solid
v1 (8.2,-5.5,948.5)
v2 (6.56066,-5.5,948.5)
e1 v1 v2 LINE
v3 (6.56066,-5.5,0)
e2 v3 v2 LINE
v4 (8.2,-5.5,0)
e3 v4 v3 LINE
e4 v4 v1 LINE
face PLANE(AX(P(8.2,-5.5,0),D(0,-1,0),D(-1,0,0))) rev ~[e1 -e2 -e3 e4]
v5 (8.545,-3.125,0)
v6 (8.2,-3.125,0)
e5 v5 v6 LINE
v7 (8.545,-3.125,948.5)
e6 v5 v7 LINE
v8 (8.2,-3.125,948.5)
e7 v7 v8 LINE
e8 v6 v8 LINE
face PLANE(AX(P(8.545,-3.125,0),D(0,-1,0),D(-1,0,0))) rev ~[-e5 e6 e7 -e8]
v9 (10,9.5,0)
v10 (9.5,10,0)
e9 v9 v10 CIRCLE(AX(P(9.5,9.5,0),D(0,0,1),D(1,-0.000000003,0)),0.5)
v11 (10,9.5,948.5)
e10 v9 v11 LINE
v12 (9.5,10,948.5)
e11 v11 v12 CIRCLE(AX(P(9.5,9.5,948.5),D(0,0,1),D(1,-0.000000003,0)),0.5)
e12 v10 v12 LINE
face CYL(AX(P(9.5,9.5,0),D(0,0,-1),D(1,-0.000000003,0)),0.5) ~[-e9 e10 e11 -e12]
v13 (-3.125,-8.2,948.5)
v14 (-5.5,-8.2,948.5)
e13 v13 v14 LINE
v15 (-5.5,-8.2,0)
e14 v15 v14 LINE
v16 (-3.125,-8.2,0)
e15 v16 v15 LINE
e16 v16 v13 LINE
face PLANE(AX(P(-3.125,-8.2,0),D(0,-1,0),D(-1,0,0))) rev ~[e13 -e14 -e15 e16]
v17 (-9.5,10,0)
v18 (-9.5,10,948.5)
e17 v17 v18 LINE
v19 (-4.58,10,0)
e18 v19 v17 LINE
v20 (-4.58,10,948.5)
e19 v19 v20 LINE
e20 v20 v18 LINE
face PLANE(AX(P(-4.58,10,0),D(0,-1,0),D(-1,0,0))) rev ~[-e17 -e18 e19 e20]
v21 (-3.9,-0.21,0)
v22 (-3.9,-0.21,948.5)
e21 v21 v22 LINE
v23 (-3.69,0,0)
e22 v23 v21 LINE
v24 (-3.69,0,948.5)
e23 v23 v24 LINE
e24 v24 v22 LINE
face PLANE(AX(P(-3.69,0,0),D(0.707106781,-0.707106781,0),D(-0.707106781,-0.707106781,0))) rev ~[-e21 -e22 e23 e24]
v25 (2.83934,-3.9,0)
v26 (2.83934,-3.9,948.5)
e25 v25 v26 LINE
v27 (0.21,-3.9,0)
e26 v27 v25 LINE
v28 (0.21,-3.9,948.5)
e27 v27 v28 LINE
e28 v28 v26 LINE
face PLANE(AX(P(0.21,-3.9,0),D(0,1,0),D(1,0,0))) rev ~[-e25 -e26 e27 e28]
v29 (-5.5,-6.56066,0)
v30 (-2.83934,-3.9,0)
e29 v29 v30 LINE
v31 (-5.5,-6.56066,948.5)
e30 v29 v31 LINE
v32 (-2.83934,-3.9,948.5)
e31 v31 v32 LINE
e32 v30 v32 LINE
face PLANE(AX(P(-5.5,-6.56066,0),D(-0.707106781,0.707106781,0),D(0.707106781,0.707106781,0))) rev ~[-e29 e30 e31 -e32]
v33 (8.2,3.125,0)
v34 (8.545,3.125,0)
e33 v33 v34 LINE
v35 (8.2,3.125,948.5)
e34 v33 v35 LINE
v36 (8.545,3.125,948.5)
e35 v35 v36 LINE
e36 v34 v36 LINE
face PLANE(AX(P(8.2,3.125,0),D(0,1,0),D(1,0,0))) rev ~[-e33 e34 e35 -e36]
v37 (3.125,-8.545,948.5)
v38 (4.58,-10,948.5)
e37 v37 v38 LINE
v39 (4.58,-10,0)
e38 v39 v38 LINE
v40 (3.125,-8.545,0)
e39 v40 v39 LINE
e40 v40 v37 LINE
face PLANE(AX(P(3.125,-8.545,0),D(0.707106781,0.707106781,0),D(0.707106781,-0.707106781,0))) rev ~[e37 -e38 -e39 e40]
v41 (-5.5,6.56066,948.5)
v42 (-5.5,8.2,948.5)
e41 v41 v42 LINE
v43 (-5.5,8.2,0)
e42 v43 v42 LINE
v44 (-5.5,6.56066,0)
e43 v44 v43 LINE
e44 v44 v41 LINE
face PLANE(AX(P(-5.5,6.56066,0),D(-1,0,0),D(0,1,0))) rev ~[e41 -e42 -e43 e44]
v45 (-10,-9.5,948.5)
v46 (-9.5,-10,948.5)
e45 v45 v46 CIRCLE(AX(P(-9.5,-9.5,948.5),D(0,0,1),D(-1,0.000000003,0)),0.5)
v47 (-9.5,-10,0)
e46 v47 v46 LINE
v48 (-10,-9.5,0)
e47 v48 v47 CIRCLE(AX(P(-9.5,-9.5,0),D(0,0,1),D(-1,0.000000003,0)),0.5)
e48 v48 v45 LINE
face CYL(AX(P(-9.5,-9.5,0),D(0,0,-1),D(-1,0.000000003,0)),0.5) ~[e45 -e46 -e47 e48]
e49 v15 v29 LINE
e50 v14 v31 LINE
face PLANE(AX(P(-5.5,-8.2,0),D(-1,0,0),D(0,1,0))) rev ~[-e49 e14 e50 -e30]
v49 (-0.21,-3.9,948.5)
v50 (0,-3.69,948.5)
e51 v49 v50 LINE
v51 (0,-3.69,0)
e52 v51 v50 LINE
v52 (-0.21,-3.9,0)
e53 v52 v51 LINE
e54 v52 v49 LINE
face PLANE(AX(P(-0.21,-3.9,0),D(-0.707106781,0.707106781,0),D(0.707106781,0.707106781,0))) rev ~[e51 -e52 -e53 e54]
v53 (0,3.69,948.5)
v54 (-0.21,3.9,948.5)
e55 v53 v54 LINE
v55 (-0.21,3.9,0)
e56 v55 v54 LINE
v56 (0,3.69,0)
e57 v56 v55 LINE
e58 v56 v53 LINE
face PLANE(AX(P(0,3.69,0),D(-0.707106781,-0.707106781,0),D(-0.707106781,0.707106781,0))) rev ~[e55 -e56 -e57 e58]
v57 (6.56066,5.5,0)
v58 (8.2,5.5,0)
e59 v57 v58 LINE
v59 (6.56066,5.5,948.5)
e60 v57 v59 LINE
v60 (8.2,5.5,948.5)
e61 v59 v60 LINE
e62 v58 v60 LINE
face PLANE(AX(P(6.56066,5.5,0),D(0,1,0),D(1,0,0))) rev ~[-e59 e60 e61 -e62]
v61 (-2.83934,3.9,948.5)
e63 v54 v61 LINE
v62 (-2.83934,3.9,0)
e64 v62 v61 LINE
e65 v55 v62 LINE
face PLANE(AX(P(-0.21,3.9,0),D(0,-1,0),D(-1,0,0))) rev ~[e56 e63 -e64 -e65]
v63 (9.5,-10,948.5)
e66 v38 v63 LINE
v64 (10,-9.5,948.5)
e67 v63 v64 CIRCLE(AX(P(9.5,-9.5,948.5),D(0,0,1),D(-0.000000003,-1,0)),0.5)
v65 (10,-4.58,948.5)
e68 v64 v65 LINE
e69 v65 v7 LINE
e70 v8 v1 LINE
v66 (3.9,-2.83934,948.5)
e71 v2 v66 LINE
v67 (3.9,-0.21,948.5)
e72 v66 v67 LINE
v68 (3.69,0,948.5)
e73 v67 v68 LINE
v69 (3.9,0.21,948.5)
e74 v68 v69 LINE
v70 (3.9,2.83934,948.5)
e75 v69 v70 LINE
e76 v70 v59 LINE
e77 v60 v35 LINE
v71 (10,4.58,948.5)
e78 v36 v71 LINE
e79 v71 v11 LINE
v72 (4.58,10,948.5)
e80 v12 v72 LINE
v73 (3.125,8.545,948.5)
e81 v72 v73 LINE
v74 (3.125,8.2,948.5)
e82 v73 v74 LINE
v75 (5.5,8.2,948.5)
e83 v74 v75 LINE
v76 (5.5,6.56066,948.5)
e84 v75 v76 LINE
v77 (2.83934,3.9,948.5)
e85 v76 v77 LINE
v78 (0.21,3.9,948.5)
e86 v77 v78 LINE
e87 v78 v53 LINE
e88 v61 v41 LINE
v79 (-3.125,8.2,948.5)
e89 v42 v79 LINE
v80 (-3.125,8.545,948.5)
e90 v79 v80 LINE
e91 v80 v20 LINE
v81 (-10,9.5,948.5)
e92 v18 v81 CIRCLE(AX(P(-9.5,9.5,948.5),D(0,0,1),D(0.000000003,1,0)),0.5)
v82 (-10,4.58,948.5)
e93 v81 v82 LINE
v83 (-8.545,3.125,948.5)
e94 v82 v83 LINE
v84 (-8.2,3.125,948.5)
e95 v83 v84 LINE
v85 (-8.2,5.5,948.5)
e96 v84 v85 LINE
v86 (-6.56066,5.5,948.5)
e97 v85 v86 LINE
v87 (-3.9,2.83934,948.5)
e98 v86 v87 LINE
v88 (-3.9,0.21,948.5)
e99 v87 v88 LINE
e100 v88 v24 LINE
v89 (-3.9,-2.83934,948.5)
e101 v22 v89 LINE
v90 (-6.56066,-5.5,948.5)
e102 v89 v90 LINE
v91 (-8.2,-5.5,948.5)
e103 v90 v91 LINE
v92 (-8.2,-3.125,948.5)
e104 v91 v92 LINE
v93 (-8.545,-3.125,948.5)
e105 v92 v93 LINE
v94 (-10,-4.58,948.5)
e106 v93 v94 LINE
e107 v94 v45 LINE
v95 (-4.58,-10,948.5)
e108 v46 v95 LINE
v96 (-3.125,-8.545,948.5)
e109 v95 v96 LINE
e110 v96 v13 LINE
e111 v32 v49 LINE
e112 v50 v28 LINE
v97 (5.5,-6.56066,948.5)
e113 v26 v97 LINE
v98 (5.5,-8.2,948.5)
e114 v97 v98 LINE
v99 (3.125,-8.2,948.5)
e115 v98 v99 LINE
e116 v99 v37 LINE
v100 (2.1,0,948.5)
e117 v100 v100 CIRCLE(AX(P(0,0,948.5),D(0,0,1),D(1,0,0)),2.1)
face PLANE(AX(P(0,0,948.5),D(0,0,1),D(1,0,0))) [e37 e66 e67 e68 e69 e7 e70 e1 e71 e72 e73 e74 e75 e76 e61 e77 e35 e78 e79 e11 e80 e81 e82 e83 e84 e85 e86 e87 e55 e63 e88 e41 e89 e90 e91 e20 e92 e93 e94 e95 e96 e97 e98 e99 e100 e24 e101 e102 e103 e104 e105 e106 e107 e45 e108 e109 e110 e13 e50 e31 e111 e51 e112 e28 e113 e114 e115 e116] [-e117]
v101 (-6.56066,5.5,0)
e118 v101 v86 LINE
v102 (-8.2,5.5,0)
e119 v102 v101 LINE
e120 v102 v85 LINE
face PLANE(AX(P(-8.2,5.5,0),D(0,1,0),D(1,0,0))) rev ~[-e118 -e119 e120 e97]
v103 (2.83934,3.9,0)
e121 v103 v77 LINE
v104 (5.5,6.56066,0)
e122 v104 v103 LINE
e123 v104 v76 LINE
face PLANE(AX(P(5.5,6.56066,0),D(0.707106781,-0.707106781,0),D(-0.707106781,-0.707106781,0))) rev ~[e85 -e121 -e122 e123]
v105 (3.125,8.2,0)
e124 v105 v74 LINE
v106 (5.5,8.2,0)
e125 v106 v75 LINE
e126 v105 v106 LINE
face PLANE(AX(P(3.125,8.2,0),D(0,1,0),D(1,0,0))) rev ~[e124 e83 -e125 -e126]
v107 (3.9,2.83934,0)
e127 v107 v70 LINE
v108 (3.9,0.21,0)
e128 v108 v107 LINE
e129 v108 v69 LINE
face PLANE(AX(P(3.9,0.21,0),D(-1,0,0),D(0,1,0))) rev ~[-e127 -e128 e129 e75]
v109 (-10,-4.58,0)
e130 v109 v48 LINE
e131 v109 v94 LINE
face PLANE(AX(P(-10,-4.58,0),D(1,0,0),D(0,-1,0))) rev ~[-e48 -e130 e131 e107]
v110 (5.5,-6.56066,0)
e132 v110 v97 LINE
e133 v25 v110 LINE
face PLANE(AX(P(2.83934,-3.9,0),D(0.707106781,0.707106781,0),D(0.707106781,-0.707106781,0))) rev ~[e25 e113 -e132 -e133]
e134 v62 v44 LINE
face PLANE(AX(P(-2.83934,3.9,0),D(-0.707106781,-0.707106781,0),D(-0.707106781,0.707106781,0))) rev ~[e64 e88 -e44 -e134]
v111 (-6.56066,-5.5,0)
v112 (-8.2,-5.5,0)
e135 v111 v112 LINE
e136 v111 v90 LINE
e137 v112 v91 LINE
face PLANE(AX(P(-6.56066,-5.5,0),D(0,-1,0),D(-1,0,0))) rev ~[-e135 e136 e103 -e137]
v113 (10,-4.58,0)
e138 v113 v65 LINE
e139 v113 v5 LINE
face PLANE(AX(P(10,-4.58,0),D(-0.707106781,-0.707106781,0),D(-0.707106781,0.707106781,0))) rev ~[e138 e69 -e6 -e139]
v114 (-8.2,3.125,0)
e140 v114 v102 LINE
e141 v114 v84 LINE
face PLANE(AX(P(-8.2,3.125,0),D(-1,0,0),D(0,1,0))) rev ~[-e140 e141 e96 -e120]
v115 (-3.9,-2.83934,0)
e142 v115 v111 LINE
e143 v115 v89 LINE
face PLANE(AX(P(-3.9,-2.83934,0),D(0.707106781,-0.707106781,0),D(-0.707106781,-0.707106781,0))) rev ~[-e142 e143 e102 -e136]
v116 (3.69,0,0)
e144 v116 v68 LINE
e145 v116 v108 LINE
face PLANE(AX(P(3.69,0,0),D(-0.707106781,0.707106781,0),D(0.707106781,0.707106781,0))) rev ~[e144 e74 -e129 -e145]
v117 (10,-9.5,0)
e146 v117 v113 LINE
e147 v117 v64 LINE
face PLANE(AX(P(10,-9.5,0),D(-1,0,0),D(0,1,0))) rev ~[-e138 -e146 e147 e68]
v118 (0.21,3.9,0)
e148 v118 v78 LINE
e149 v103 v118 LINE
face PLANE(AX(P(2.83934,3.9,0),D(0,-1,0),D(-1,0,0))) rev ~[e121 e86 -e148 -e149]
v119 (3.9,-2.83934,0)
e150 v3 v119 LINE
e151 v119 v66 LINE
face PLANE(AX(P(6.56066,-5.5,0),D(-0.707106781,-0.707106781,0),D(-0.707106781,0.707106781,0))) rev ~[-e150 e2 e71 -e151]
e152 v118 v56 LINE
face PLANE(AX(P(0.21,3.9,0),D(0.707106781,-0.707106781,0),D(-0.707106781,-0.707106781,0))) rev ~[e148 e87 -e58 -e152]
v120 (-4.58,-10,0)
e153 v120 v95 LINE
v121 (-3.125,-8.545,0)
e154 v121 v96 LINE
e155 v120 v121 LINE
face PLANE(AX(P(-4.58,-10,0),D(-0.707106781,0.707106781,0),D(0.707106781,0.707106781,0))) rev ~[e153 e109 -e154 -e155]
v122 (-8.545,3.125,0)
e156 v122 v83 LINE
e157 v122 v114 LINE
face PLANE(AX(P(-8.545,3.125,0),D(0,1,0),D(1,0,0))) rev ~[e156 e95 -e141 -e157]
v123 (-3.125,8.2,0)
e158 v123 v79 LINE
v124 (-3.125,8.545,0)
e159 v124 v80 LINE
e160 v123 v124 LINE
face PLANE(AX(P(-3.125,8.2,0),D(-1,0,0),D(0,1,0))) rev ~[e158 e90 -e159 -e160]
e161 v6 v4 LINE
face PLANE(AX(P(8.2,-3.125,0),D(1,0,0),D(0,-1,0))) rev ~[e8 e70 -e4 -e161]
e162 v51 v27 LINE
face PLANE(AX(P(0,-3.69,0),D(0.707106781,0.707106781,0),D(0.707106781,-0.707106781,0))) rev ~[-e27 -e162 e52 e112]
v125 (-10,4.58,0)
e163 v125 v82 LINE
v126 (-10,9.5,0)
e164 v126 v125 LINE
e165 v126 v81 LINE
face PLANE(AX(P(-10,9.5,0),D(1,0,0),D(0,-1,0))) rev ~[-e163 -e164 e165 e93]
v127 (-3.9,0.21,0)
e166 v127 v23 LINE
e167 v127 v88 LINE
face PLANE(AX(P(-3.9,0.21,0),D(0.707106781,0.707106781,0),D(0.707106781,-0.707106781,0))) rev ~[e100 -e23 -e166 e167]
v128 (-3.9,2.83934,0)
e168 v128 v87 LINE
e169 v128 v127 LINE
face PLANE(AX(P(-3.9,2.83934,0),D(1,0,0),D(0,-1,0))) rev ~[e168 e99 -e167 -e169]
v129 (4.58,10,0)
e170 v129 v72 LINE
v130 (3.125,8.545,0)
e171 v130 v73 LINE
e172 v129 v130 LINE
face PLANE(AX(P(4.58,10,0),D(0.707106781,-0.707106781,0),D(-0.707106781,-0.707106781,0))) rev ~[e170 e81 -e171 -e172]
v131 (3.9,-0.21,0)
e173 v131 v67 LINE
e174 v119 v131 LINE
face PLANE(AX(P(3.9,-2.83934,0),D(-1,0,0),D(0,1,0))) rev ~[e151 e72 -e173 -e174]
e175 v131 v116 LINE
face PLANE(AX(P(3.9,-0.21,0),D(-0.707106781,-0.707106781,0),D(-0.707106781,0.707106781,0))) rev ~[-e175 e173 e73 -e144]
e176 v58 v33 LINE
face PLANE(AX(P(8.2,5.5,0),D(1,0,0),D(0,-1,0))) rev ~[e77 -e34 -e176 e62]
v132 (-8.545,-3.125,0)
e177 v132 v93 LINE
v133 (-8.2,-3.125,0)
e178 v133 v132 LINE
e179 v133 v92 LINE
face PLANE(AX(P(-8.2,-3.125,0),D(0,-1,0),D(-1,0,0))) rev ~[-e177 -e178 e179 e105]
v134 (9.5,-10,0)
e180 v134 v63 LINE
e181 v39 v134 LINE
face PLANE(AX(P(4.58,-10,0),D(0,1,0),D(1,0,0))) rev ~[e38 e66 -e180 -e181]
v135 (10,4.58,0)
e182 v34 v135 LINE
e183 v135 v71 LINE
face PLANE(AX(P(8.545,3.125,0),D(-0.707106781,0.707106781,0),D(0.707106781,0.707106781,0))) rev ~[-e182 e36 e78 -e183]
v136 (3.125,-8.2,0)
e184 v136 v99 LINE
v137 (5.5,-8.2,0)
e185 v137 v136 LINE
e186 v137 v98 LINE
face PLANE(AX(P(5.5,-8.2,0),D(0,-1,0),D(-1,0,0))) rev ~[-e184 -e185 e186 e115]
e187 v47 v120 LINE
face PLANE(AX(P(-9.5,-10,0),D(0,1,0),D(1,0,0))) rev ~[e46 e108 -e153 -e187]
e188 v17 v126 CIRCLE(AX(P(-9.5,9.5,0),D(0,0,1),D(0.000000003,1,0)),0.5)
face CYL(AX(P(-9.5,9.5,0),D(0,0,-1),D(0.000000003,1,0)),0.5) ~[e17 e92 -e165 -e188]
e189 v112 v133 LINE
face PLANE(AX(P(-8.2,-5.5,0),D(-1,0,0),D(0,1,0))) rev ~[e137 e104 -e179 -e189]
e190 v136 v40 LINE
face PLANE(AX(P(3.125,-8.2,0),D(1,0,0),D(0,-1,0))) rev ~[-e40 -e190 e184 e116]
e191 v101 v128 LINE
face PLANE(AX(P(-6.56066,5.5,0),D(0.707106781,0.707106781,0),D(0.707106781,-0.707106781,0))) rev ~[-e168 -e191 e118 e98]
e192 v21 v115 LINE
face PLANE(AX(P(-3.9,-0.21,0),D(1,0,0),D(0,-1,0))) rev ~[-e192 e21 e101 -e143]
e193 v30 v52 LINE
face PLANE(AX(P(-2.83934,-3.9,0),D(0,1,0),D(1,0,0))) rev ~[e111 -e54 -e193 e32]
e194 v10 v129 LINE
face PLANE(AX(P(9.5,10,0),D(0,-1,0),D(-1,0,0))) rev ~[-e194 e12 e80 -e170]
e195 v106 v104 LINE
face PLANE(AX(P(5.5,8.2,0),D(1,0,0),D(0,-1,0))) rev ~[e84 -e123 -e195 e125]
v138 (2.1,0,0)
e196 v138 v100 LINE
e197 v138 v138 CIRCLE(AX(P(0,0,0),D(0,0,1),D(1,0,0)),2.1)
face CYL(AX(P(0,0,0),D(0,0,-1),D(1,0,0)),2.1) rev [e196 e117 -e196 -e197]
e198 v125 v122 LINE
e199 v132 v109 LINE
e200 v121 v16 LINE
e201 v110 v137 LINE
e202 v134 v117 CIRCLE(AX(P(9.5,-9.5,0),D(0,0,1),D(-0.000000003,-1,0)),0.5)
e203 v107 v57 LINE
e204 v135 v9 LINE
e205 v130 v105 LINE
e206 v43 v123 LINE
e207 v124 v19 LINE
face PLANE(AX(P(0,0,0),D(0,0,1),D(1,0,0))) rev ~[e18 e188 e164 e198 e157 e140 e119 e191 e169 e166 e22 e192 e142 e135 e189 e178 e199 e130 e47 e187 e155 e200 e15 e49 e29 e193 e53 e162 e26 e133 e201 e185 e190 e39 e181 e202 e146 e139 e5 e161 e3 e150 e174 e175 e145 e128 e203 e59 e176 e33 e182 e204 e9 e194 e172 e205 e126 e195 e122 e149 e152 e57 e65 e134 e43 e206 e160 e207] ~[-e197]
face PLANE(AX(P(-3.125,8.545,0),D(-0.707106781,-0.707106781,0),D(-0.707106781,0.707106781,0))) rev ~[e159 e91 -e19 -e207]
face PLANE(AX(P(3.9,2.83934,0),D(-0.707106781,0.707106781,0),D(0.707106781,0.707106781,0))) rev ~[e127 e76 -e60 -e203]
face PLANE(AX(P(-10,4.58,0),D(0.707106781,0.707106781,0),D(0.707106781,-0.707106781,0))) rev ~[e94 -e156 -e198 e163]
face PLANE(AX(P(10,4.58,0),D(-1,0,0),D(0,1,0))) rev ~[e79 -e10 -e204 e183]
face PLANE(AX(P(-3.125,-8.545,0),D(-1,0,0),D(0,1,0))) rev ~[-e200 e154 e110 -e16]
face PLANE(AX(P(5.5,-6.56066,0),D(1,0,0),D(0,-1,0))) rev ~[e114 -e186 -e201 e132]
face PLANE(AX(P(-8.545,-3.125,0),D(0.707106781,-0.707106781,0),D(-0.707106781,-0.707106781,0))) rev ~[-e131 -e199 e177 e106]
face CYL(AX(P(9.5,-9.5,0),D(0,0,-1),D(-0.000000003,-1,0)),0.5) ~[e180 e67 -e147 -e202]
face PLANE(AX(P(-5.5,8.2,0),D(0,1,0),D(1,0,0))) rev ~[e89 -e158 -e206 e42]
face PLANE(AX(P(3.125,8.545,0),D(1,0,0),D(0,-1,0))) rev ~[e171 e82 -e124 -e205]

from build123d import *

# Parameters (mm, degrees)
SKETCH1_R           = 2.1
BOSS_EXTRUDE1_DEPTH = 948.5


with BuildPart() as part:
    # Sketch1 → Boss-Extrude1 (new body)
    with BuildSketch(Plane.XY):
        with BuildLine():
            Line((4.58, -10), (9.5, -10))
            ThreePointArc((9.5, -10), (9.853553391, -9.853553391), (10, -9.5))
            Line((10, -9.5), (10, -4.58))
            Line((10, -4.58), (8.545, -3.125))
            Line((8.545, -3.125), (8.2, -3.125))
            Line((8.2, -3.125), (8.2, -5.5))
            Line((8.2, -5.5), (6.560660172, -5.5))
            Line((6.560660172, -5.5), (3.9, -2.839339828))
            Line((3.9, -2.839339828), (3.9, -0.21))
            Line((3.9, -0.21), (3.69, 0))
            Line((3.69, 0), (3.9, 0.21))
            Line((3.9, 0.21), (3.9, 2.839339828))
            Line((3.9, 2.839339828), (6.560660172, 5.5))
            Line((6.560660172, 5.5), (8.2, 5.5))
            Line((8.2, 5.5), (8.2, 3.125))
            Line((8.2, 3.125), (8.545, 3.125))
            Line((8.545, 3.125), (10, 4.58))
            Line((10, 4.58), (10, 9.5))
            ThreePointArc((10, 9.5), (9.853553391, 9.853553391), (9.5, 10))
            Line((9.5, 10), (4.58, 10))
            Line((4.58, 10), (3.125, 8.545))
            Line((3.125, 8.545), (3.125, 8.2))
            Line((3.125, 8.2), (5.5, 8.2))
            Line((5.5, 8.2), (5.5, 6.560660172))
            Line((5.5, 6.560660172), (2.839339828, 3.9))
            Line((2.839339828, 3.9), (0.21, 3.9))
            Line((0.21, 3.9), (0, 3.69))
            Line((0, 3.69), (-0.21, 3.9))
            Line((-0.21, 3.9), (-2.839339828, 3.9))
            Line((-2.839339828, 3.9), (-5.5, 6.560660172))
            Line((-5.5, 6.560660172), (-5.5, 8.2))
            Line((-5.5, 8.2), (-3.125, 8.2))
            Line((-3.125, 8.2), (-3.125, 8.545))
            Line((-3.125, 8.545), (-4.58, 10))
            Line((-4.58, 10), (-9.5, 10))
            ThreePointArc((-9.5, 10), (-9.853553391, 9.853553391), (-10, 9.5))
            Line((-10, 9.5), (-10, 4.58))
            Line((-10, 4.58), (-8.545, 3.125))
            Line((-8.545, 3.125), (-8.2, 3.125))
            Line((-8.2, 3.125), (-8.2, 5.5))
            Line((-8.2, 5.5), (-6.560660172, 5.5))
            Line((-6.560660172, 5.5), (-3.9, 2.839339828))
            Line((-3.9, 2.839339828), (-3.9, 0.21))
            Line((-3.9, 0.21), (-3.69, 0))
            Line((-3.69, 0), (-3.9, -0.21))
            Line((-3.9, -0.21), (-3.9, -2.839339828))
            Line((-3.9, -2.839339828), (-6.560660172, -5.5))
            Line((-6.560660172, -5.5), (-8.2, -5.5))
            Line((-8.2, -5.5), (-8.2, -3.125))
            Line((-8.2, -3.125), (-8.545, -3.125))
            Line((-8.545, -3.125), (-10, -4.58))
            Line((-10, -4.58), (-10, -9.5))
            ThreePointArc((-10, -9.5), (-9.853553391, -9.853553391), (-9.5, -10))
            Line((-9.5, -10), (-4.58, -10))
            Line((-4.58, -10), (-3.125, -8.545))
            Line((-3.125, -8.545), (-3.125, -8.2))
            Line((-3.125, -8.2), (-5.5, -8.2))
            Line((-5.5, -8.2), (-5.5, -6.560660172))
            Line((-5.5, -6.560660172), (-2.839339828, -3.9))
            Line((-2.839339828, -3.9), (-0.21, -3.9))
            Line((-0.21, -3.9), (0, -3.69))
            Line((0, -3.69), (0.21, -3.9))
            Line((0.21, -3.9), (2.839339828, -3.9))
            Line((2.839339828, -3.9), (5.5, -6.560660172))
            Line((5.5, -6.560660172), (5.5, -8.2))
            Line((5.5, -8.2), (3.125, -8.2))
            Line((3.125, -8.2), (3.125, -8.545))
            Line((3.125, -8.545), (4.58, -10))
        make_face()
        Circle(SKETCH1_R, mode=Mode.SUBTRACT)
    extrude(amount=BOSS_EXTRUDE1_DEPTH)


solid = part.part
